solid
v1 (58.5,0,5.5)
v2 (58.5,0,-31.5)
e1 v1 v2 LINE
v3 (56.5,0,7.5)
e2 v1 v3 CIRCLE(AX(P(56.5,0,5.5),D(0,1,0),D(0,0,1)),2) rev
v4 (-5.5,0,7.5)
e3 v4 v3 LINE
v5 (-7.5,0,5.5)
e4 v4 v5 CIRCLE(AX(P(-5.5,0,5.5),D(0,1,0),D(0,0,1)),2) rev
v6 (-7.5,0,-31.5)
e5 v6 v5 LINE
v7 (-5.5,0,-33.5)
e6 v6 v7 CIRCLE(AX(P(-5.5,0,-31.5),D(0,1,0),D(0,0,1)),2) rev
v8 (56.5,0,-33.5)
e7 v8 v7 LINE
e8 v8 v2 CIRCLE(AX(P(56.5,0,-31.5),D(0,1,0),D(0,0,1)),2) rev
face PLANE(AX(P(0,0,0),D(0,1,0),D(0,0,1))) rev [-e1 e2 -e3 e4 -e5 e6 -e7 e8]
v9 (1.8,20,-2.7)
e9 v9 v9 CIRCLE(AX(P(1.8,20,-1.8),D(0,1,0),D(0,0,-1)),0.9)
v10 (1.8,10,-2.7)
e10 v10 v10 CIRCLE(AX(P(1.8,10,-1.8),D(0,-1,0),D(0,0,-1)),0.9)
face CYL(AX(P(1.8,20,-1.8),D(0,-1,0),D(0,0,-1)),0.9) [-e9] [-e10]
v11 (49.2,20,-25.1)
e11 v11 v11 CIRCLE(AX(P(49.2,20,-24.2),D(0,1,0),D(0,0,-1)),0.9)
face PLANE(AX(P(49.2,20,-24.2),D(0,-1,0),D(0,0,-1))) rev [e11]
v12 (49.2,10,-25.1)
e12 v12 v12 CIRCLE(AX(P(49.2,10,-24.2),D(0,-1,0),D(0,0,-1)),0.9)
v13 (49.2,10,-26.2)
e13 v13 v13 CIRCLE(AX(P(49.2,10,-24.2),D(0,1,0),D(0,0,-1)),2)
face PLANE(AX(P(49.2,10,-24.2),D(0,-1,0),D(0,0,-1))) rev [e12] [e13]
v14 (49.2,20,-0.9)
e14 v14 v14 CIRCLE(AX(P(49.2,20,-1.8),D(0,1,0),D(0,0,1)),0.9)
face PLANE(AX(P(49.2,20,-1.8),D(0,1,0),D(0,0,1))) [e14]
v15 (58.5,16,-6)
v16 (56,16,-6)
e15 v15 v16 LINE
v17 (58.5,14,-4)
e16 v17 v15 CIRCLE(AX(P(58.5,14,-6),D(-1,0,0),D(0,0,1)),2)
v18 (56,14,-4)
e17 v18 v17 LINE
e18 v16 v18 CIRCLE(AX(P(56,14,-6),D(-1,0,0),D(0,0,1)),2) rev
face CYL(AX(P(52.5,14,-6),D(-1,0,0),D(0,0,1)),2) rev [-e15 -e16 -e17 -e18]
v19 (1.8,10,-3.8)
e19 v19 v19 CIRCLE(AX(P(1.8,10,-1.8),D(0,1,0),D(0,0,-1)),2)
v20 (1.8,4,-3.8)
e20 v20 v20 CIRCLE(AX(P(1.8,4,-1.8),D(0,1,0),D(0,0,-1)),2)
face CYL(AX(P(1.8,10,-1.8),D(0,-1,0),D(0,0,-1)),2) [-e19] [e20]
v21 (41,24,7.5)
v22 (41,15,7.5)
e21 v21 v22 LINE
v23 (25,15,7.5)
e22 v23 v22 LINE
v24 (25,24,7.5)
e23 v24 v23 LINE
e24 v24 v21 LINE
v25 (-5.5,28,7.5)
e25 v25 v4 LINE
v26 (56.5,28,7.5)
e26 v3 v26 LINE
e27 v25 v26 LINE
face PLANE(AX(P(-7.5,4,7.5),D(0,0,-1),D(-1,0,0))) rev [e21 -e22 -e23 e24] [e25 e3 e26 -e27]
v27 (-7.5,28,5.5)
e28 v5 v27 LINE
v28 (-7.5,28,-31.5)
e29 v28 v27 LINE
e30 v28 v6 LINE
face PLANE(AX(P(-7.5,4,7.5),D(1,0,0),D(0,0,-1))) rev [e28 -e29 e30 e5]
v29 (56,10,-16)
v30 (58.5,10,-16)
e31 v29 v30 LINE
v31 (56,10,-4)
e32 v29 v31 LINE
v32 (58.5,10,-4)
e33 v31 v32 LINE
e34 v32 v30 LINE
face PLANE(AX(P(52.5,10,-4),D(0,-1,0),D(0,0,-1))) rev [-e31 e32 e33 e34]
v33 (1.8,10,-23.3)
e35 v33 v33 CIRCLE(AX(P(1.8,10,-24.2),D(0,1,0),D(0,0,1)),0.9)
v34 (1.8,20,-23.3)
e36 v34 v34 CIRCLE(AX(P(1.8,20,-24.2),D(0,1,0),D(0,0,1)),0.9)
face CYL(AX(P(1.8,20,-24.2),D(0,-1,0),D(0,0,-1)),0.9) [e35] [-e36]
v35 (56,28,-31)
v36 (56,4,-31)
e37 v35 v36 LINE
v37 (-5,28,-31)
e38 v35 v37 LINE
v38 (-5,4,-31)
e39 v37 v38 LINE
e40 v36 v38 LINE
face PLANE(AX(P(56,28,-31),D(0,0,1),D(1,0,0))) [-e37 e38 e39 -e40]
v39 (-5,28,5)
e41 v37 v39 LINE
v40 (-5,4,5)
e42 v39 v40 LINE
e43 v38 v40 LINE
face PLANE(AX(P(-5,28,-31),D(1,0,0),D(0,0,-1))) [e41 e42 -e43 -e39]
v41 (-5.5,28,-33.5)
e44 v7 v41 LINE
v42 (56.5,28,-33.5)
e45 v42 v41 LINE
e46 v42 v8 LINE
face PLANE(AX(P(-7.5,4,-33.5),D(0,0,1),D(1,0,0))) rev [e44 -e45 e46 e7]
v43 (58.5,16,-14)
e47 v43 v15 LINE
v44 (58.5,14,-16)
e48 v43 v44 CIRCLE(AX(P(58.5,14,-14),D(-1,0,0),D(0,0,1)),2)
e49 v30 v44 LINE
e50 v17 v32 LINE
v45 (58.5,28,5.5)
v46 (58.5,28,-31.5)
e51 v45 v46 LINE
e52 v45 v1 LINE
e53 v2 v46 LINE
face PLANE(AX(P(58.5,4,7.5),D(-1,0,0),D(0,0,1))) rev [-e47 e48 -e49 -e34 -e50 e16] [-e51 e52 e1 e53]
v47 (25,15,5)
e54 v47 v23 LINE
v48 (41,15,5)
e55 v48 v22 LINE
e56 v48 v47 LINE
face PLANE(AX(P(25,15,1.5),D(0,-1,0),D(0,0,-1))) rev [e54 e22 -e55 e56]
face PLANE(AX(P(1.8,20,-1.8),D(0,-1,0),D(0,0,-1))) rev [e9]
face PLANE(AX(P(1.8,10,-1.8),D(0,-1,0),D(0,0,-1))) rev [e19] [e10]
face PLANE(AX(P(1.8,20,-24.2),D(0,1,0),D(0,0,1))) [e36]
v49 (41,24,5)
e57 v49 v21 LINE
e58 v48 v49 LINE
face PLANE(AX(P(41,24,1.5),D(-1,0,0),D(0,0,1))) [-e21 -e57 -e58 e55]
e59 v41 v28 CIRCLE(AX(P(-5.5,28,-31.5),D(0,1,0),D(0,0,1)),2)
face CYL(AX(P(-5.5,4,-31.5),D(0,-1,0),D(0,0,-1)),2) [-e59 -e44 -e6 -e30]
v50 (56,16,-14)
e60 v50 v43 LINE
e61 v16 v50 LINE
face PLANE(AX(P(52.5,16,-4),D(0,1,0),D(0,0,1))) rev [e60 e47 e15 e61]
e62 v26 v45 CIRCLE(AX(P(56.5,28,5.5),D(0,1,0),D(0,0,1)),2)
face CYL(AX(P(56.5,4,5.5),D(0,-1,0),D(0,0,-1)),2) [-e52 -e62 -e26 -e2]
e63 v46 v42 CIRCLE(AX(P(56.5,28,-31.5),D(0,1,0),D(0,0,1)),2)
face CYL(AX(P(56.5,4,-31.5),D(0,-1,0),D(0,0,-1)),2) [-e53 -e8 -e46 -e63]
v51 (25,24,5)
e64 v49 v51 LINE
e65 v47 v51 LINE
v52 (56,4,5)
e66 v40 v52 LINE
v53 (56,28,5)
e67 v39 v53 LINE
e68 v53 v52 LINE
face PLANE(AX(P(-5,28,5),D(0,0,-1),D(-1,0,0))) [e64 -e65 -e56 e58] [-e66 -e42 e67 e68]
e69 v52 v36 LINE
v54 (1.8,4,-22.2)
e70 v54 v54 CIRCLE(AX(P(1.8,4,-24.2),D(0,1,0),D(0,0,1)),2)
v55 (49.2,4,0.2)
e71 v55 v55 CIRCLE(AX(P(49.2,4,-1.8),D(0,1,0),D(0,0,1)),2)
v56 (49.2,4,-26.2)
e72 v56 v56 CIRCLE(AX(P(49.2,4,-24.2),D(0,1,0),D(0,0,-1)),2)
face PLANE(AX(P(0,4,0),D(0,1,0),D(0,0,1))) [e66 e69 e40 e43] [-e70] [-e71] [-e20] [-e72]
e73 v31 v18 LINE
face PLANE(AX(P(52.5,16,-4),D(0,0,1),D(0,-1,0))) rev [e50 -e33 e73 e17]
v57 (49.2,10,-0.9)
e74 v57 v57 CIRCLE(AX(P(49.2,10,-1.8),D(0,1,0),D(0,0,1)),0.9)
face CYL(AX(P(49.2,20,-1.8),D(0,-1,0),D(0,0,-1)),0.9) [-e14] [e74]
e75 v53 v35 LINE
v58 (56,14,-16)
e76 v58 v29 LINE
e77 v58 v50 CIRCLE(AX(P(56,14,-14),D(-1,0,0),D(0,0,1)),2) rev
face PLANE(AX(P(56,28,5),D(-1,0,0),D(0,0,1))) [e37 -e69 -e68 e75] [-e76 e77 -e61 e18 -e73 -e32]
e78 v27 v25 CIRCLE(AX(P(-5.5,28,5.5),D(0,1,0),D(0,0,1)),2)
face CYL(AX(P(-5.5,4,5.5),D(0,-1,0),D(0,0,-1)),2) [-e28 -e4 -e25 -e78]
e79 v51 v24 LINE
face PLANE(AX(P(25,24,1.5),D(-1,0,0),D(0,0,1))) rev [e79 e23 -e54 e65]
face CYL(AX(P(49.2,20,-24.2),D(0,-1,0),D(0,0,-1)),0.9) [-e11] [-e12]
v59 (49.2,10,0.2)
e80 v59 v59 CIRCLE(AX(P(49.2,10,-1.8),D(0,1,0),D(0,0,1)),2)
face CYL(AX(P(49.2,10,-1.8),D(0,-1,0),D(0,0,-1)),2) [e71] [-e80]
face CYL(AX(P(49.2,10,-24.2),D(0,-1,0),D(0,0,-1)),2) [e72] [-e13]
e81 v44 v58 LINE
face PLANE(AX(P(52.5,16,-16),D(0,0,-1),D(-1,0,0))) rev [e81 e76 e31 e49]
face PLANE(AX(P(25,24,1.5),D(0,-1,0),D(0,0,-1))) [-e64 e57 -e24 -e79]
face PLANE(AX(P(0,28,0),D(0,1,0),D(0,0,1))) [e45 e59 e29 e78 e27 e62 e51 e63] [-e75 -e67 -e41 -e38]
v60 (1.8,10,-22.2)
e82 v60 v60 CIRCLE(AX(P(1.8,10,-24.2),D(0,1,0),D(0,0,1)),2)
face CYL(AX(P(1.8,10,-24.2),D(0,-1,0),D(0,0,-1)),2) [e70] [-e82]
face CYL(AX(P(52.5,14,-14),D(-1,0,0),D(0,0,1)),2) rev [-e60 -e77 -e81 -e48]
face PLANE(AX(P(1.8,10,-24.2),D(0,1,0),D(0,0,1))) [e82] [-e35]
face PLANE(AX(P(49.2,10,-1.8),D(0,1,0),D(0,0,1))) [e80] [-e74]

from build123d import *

# Parameters (mm, degrees)
SKETCH1_W           = 66
SKETCH1_H           = 41
BOSS_EXTRUDE1_DEPTH = 4
SKETCH3_W           = 66
SKETCH3_H           = 41
SKETCH3_W_2         = 61
SKETCH3_H_2         = 36
BOSS_EXTRUDE3_DEPTH = 24
SKETCH2_R           = 0.9
BOSS_EXTRUDE4_DEPTH = 16
SKETCH4_R           = 2
BOSS_EXTRUDE5_DEPTH = 6
SKETCH5_W           = 12
SKETCH5_H           = 6
CUT_EXTRUDE1_DEPTH  = 6
FILLET2_R           = 2
FILLET3_R           = 2
SKETCH6_W           = 16
SKETCH6_H           = 9
CUT_EXTRUDE2_DEPTH  = 6


with BuildPart() as part:
    # Sketch1 → Boss-Extrude1 (new body)
    with BuildSketch(Plane(origin=(0, 0, 0), x_dir=(1, 0, 0), z_dir=(0, 1, 0))):
        with Locations((25.5, 13)):
            Rectangle(SKETCH1_W, SKETCH1_H)
    extrude(amount=BOSS_EXTRUDE1_DEPTH)

    # Sketch3 → Boss-Extrude3 (add)
    with BuildSketch(Plane(origin=(0, 4, 0), x_dir=(1, 0, 0), z_dir=(0, 1, 0))):
        with Locations((25.5, 13)):
            Rectangle(SKETCH3_W, SKETCH3_H)
        with Locations((25.5, 13)):
            Rectangle(SKETCH3_W_2, SKETCH3_H_2, mode=Mode.SUBTRACT)
    extrude(amount=BOSS_EXTRUDE3_DEPTH)

    # Sketch2 → Boss-Extrude4 (add)
    with BuildSketch(Plane(origin=(0, 4, 0), x_dir=(1, 0, 0), z_dir=(0, 1, 0))):
        with Locations(Location((1.8, 24.2, 0), (0, 0, 270))):
            Circle(SKETCH2_R)
        with Locations(Location((1.8, 1.8, 0), (0, 0, 90))):
            Circle(SKETCH2_R)
        with Locations(Location((49.2, 1.8, 0), (0, 0, 270))):
            Circle(SKETCH2_R)
        with Locations(Location((49.2, 24.2, 0), (0, 0, 90))):
            Circle(SKETCH2_R)
    extrude(amount=BOSS_EXTRUDE4_DEPTH)

    # Sketch4 → Boss-Extrude5 (add)
    with BuildSketch(Plane(origin=(0, 4, 0), x_dir=(1, 0, 0), z_dir=(0, 1, 0))):
        with Locations(Location((1.8, 24.2, 0), (0, 0, 270))):
            Circle(SKETCH4_R)
        with Locations(Location((1.8, 1.8, 0), (0, 0, 90))):
            Circle(SKETCH4_R)
        with Locations(Location((49.2, 1.8, 0), (0, 0, 270))):
            Circle(SKETCH4_R)
        with Locations(Location((49.2, 24.2, 0), (0, 0, 90))):
            Circle(SKETCH4_R)
    extrude(amount=BOSS_EXTRUDE5_DEPTH)

    # Sketch5 → Cut-Extrude1 (cut)
    with BuildSketch(Plane(origin=(58.5, 0, 0), x_dir=(0, 0, -1), z_dir=(1, 0, 0))):
        with Locations((10, 13)):
            Rectangle(SKETCH5_W, SKETCH5_H)
    extrude(amount=-CUT_EXTRUDE1_DEPTH, mode=Mode.SUBTRACT)

    # Fillet2
    fillet2_edges = [part.edges().sort_by_distance(p)[0] for p in [
        (-7.5, 14, 7.5),
        (-7.5, 14, -33.5),
        (58.5, 14, -33.5),
        (58.5, 14, 7.5),
    ]]
    fillet(fillet2_edges, radius=FILLET2_R)

    # Fillet3
    fillet3_edges = [part.edges().sort_by_distance(p)[0] for p in [
        (57.25, 16, -4),
        (57.25, 16, -16),
    ]]
    fillet(fillet3_edges, radius=FILLET3_R)

    # Sketch6 → Cut-Extrude2 (cut)
    with BuildSketch(Plane.XY.offset(7.5)):
        with Locations((33, 19.5)):
            Rectangle(SKETCH6_W, SKETCH6_H)
    extrude(amount=-CUT_EXTRUDE2_DEPTH, mode=Mode.SUBTRACT)


solid = part.part
